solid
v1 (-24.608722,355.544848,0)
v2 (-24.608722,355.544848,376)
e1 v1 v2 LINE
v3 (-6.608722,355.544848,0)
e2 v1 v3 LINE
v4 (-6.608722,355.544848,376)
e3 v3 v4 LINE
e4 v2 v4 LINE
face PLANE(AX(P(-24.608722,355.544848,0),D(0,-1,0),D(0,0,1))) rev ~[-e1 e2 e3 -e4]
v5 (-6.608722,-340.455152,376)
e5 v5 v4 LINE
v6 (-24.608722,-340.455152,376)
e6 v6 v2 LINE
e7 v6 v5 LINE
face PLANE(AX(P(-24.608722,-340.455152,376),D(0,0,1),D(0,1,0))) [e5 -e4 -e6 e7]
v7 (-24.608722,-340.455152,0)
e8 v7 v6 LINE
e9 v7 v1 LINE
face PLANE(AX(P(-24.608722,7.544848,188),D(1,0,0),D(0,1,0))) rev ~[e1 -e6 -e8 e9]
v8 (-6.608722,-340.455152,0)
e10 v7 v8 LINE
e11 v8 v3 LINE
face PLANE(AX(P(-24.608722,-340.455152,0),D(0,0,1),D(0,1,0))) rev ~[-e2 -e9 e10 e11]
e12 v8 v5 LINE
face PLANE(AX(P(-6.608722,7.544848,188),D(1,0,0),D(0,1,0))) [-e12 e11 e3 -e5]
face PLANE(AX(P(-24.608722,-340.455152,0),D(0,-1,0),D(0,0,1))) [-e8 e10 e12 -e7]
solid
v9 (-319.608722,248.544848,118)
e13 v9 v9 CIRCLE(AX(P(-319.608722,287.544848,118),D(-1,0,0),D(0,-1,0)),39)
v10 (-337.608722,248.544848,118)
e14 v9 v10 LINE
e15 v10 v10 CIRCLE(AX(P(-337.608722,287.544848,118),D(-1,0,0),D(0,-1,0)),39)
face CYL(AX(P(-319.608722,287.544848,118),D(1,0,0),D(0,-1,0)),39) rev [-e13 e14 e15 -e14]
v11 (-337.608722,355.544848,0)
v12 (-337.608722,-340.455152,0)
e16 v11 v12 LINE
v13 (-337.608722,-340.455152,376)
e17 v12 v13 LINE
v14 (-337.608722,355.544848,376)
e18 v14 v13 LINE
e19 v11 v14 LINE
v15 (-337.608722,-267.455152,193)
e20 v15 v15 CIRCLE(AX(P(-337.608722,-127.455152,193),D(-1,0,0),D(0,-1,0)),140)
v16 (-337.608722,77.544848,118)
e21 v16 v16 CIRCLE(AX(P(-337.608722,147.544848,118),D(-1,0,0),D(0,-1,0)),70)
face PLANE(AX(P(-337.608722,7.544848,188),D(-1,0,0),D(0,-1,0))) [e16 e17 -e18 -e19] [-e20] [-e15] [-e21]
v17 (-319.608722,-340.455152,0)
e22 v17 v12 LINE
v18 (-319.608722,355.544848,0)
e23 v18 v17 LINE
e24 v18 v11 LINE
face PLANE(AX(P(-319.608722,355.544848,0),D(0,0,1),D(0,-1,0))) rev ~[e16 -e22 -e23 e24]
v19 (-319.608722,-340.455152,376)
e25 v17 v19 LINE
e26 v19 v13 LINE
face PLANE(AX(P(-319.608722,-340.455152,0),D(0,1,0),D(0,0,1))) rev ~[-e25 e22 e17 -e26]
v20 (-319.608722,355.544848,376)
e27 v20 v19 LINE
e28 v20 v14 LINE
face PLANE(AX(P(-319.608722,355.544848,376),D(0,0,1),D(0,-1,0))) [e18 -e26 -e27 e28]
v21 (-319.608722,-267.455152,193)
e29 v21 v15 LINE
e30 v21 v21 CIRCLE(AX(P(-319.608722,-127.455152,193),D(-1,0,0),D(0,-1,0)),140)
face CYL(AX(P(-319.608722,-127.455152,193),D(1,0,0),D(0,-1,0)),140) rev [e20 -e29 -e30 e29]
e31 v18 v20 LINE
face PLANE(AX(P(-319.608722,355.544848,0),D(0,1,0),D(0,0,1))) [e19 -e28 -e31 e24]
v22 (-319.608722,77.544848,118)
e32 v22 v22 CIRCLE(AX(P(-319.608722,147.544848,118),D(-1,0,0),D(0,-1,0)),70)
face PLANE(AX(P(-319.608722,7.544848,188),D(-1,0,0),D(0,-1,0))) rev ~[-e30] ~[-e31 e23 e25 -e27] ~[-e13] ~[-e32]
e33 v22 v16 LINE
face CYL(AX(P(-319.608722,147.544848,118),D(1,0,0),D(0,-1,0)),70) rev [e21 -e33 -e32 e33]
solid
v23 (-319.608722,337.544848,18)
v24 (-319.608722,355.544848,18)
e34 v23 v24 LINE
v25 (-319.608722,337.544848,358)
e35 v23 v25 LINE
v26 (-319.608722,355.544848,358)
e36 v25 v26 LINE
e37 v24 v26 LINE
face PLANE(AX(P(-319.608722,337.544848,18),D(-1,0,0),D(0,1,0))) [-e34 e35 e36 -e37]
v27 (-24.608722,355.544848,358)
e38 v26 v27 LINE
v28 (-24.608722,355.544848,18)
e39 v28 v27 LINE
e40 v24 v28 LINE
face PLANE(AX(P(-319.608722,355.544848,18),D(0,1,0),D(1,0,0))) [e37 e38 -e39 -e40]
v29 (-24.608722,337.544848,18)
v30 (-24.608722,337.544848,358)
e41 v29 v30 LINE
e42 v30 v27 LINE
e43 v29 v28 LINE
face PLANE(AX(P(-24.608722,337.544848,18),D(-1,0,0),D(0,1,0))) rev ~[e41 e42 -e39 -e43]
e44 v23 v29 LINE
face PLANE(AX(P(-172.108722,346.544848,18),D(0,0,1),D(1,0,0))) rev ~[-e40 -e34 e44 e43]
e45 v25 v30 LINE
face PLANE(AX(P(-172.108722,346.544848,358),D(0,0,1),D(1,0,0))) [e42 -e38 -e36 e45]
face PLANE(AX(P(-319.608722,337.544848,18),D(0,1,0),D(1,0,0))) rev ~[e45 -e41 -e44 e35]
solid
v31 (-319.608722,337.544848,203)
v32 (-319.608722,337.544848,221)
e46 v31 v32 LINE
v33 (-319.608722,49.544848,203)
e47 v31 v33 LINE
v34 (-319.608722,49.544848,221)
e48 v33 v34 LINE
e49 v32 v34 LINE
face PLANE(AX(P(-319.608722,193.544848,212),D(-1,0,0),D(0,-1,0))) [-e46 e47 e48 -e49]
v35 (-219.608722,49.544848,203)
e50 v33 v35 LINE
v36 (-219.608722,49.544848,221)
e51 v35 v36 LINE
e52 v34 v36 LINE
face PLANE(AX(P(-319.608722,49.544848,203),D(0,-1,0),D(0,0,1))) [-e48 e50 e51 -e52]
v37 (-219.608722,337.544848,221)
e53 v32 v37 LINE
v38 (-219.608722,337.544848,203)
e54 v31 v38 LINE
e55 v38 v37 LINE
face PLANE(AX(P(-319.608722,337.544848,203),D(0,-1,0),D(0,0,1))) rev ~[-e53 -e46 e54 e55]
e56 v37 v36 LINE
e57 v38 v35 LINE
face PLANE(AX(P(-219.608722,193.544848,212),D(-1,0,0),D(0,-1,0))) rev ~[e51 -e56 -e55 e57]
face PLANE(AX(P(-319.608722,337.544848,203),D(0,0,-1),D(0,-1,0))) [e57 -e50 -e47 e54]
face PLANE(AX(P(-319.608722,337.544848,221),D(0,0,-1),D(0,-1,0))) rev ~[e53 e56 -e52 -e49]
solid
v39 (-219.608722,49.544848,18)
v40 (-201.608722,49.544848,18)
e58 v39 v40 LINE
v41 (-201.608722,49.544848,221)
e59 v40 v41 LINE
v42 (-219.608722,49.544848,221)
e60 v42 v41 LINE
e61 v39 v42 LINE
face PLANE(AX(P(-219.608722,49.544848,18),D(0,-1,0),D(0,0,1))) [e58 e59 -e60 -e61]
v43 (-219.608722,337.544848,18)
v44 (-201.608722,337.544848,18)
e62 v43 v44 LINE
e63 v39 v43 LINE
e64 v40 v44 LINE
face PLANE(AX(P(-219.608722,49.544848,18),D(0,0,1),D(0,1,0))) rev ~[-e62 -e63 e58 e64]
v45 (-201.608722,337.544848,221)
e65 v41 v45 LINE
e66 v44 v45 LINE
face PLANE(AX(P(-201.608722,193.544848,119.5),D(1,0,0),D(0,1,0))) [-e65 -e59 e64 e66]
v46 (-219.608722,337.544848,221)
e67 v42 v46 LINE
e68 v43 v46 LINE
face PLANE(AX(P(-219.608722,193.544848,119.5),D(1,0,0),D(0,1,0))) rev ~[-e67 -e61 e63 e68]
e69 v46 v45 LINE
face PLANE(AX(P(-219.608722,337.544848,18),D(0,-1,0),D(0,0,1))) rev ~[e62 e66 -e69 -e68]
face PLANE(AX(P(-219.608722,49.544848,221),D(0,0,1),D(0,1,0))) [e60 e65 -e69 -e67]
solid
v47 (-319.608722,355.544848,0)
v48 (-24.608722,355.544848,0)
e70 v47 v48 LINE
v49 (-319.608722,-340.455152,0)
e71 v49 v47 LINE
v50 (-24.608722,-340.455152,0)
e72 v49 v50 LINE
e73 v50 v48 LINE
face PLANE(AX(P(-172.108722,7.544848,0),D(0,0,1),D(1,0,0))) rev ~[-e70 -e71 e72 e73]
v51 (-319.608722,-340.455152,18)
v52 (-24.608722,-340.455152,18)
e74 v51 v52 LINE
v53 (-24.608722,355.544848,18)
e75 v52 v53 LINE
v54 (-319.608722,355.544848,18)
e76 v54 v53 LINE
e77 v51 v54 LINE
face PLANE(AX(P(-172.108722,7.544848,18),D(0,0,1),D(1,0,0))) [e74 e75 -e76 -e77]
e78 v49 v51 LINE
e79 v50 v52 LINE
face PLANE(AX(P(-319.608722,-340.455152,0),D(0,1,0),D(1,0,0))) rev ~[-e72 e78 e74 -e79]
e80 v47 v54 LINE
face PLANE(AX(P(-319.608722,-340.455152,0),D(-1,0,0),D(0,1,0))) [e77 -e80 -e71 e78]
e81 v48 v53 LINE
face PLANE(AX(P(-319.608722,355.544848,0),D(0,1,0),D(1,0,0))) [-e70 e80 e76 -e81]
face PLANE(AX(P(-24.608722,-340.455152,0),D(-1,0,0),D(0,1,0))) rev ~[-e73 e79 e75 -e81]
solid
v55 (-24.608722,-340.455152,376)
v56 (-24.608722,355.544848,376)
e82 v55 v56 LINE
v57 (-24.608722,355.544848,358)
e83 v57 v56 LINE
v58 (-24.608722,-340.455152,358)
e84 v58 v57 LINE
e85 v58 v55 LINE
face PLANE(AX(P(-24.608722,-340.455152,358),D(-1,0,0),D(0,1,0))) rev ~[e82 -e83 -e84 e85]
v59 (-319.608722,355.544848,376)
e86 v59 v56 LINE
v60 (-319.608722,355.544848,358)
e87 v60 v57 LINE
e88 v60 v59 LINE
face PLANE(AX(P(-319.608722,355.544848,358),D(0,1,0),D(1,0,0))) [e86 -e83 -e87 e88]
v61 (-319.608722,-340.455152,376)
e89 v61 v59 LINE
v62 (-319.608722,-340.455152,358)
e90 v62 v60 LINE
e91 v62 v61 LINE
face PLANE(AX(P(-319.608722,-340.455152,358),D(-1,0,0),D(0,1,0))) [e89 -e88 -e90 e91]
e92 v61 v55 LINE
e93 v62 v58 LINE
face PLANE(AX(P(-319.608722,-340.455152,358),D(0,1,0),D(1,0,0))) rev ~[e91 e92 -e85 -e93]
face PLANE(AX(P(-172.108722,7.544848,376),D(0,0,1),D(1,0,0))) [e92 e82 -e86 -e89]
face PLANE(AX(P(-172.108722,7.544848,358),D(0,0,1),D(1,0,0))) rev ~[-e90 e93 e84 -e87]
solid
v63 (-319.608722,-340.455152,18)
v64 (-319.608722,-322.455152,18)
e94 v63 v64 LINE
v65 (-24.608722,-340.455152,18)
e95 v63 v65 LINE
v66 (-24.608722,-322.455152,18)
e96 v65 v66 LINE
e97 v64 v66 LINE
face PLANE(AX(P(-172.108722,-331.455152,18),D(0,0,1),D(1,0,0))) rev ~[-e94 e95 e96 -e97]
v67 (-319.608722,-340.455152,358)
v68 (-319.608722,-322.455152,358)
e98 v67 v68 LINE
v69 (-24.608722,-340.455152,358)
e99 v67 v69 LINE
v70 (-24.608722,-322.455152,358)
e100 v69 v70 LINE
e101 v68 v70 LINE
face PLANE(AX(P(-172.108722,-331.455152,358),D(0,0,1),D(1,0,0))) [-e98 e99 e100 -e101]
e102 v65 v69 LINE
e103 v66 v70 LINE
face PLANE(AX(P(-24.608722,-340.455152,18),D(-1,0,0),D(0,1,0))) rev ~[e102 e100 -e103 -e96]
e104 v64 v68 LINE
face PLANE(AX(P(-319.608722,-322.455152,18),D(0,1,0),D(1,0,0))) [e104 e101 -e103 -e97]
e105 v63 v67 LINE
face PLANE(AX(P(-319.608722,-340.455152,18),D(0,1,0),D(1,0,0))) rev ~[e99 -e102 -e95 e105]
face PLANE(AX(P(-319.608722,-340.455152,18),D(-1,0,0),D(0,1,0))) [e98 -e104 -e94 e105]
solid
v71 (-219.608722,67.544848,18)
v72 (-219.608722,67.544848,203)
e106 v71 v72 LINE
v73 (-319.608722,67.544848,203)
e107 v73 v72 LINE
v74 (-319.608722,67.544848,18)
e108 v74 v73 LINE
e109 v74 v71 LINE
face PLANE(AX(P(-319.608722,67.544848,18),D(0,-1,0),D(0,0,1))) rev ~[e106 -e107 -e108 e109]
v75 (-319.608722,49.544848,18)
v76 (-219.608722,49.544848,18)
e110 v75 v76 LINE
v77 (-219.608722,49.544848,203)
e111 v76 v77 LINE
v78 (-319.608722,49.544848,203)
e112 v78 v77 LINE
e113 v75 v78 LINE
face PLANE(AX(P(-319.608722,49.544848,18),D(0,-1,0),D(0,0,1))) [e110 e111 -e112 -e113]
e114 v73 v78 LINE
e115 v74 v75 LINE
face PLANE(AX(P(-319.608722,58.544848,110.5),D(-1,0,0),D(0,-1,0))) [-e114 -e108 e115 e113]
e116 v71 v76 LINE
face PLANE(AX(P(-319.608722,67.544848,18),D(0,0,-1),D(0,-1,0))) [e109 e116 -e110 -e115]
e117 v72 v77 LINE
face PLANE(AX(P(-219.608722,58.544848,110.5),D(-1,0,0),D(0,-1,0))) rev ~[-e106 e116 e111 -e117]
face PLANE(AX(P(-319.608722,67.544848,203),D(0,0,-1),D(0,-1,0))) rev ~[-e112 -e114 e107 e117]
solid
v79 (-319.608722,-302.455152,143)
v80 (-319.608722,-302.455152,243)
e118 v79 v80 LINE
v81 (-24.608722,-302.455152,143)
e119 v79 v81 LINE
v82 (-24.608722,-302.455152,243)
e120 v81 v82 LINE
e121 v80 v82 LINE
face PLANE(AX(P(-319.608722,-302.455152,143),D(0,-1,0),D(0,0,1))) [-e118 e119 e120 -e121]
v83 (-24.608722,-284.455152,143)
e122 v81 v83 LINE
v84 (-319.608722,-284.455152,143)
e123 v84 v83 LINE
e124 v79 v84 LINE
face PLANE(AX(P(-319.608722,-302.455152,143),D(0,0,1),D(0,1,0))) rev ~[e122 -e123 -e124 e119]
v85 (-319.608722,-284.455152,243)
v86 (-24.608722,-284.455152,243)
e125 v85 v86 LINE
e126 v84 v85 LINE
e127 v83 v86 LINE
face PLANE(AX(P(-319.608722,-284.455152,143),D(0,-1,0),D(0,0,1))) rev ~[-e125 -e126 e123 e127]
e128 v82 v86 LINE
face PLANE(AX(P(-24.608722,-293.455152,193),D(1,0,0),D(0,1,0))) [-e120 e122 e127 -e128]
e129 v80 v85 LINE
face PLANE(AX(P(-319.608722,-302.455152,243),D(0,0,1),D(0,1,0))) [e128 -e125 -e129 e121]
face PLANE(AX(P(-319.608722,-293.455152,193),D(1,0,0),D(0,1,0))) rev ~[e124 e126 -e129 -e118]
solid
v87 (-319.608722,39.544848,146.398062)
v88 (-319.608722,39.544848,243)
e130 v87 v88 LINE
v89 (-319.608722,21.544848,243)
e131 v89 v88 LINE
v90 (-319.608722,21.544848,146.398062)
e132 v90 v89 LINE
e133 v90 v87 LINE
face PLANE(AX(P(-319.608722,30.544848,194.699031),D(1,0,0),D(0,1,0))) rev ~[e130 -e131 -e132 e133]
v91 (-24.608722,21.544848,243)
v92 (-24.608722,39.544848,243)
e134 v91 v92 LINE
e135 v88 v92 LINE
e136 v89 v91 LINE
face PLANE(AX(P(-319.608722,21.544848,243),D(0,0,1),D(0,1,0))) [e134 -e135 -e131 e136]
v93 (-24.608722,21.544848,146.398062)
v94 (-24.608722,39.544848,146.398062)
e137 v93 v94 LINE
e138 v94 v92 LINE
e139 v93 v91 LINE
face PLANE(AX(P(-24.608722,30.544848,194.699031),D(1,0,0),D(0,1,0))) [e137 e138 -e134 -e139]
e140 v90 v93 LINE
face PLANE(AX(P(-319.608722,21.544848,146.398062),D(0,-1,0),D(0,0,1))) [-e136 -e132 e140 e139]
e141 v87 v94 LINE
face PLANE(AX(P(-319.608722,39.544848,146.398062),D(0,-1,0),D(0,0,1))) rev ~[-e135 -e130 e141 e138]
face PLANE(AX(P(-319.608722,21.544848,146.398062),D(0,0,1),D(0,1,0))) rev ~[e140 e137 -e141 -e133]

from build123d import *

# Parameters (mm, degrees)
F0_W      = 295
F0_H      = 696
F1_DEPTH  = 18
F2_W      = 295
F2_H      = 18
F3_DEPTH  = 340
F4_W      = 288
F4_H      = 18
F5_DEPTH  = 100
F6_W      = 18
F6_H      = 185
F7_DEPTH  = 100
F8_W      = 696
F8_H      = 376
F9_DEPTH  = 18
F10_W     = 295
F10_H     = 696
F11_DEPTH = 18
F12_W     = 696
F12_H     = 376
F12_R     = 39
F12_R_2   = 70
F12_R_3   = 140
F13_DEPTH = 18
F14_W     = 18
F14_H     = 100
F15_DEPTH = 295
F14_H_2   = 96.6019383799
F16_W     = 288
F16_H     = 203
F17_DEPTH = 18


with BuildPart() as f1:
    # F0 (on Top) → F1 (new body)
    with BuildSketch(Plane.XY):
        with Locations((-172.1087222384, 7.5448482484)):
            Rectangle(F0_W, F0_H)
    extrude(amount=F1_DEPTH)


with BuildPart() as f3:
    # F2 (on face) → F3 (new body)
    with BuildSketch(Plane.XY.offset(18)):
        with Locations((-172.1087222384, -331.4551517516)):
            Rectangle(F2_W, F2_H)
    extrude(amount=F3_DEPTH)


with BuildPart() as f3b:
    # F2 (on face) → F3, piece 2 (new body)
    with BuildSketch(Plane.XY.offset(18)):
        with Locations((-172.1087222384, 346.5448482484)):
            Rectangle(F2_W, F2_H)
    extrude(amount=F3_DEPTH)


with BuildPart() as f5:
    # F4 (on face) → F5 (new body)
    with BuildSketch(Plane(origin=(-319.6087222384, 0, 0), x_dir=(0, -1, 0), z_dir=(-1, 0, 0))):
        with Locations((-193.5448482484, 212)):
            Rectangle(F4_W, F4_H)
    extrude(amount=-F5_DEPTH)


with BuildPart() as f7:
    # F6 (on face) → F7 (new body)
    with BuildSketch(Plane(origin=(-319.6087222384, 0, 0), x_dir=(0, -1, 0), z_dir=(-1, 0, 0))):
        with Locations((-58.5448482484, 110.5)):
            Rectangle(F6_W, F6_H)
    extrude(amount=-F7_DEPTH)


with BuildPart() as f9:
    # F8 (on face) → F9 (new body)
    with BuildSketch(Plane.YZ.offset(-24.6087222384)):
        with Locations((7.5448482484, 188)):
            Rectangle(F8_W, F8_H)
    extrude(amount=F9_DEPTH)


with BuildPart() as f11:
    # F10 (on face) → F11 (new body)
    with BuildSketch(Plane.XY.offset(358)):
        with Locations((-172.1087222384, 7.5448482484)):
            Rectangle(F10_W, F10_H)
    extrude(amount=F11_DEPTH)


with BuildPart() as f13:
    # F12 (on face) → F13 (new body)
    with BuildSketch(Plane(origin=(-319.6087222384, 0, 0), x_dir=(0, -1, 0), z_dir=(-1, 0, 0))):
        with Locations((-7.5448482484, 188)):
            Rectangle(F12_W, F12_H)
        with Locations((-287.5448482484, 118)):
            Circle(F12_R, mode=Mode.SUBTRACT)
        with Locations((-147.5448482484, 118)):
            Circle(F12_R_2, mode=Mode.SUBTRACT)
        with Locations((127.4551517516, 193)):
            Circle(F12_R_3, mode=Mode.SUBTRACT)
    extrude(amount=F13_DEPTH)


with BuildPart() as f15:
    # F14 (on face) → F15 (new body, through all)
    with BuildSketch(Plane.YZ.offset(-319.6087222384)):
        with Locations((-293.4551517516, 193)):
            Rectangle(F14_W, F14_H)
    extrude(amount=F15_DEPTH)


with BuildPart() as f15b:
    # F14 (on face) → F15, piece 2 (new body, through all)
    with BuildSketch(Plane.YZ.offset(-319.6087222384)):
        with Locations((30.5448482484, 194.69903081)):
            Rectangle(F14_W, F14_H_2)
    extrude(amount=F15_DEPTH)


with BuildPart() as f17:
    # F16 (on face) → F17 (new body)
    with BuildSketch(Plane.YZ.offset(-219.6087222384)):
        with Locations((193.5448482484, 119.5)):
            Rectangle(F16_W, F16_H)
    extrude(amount=F17_DEPTH)


solid = Compound([f1.part, f3.part, f3b.part, f5.part, f7.part, f9.part, f11.part, f13.part, f15.part, f15b.part, f17.part])
